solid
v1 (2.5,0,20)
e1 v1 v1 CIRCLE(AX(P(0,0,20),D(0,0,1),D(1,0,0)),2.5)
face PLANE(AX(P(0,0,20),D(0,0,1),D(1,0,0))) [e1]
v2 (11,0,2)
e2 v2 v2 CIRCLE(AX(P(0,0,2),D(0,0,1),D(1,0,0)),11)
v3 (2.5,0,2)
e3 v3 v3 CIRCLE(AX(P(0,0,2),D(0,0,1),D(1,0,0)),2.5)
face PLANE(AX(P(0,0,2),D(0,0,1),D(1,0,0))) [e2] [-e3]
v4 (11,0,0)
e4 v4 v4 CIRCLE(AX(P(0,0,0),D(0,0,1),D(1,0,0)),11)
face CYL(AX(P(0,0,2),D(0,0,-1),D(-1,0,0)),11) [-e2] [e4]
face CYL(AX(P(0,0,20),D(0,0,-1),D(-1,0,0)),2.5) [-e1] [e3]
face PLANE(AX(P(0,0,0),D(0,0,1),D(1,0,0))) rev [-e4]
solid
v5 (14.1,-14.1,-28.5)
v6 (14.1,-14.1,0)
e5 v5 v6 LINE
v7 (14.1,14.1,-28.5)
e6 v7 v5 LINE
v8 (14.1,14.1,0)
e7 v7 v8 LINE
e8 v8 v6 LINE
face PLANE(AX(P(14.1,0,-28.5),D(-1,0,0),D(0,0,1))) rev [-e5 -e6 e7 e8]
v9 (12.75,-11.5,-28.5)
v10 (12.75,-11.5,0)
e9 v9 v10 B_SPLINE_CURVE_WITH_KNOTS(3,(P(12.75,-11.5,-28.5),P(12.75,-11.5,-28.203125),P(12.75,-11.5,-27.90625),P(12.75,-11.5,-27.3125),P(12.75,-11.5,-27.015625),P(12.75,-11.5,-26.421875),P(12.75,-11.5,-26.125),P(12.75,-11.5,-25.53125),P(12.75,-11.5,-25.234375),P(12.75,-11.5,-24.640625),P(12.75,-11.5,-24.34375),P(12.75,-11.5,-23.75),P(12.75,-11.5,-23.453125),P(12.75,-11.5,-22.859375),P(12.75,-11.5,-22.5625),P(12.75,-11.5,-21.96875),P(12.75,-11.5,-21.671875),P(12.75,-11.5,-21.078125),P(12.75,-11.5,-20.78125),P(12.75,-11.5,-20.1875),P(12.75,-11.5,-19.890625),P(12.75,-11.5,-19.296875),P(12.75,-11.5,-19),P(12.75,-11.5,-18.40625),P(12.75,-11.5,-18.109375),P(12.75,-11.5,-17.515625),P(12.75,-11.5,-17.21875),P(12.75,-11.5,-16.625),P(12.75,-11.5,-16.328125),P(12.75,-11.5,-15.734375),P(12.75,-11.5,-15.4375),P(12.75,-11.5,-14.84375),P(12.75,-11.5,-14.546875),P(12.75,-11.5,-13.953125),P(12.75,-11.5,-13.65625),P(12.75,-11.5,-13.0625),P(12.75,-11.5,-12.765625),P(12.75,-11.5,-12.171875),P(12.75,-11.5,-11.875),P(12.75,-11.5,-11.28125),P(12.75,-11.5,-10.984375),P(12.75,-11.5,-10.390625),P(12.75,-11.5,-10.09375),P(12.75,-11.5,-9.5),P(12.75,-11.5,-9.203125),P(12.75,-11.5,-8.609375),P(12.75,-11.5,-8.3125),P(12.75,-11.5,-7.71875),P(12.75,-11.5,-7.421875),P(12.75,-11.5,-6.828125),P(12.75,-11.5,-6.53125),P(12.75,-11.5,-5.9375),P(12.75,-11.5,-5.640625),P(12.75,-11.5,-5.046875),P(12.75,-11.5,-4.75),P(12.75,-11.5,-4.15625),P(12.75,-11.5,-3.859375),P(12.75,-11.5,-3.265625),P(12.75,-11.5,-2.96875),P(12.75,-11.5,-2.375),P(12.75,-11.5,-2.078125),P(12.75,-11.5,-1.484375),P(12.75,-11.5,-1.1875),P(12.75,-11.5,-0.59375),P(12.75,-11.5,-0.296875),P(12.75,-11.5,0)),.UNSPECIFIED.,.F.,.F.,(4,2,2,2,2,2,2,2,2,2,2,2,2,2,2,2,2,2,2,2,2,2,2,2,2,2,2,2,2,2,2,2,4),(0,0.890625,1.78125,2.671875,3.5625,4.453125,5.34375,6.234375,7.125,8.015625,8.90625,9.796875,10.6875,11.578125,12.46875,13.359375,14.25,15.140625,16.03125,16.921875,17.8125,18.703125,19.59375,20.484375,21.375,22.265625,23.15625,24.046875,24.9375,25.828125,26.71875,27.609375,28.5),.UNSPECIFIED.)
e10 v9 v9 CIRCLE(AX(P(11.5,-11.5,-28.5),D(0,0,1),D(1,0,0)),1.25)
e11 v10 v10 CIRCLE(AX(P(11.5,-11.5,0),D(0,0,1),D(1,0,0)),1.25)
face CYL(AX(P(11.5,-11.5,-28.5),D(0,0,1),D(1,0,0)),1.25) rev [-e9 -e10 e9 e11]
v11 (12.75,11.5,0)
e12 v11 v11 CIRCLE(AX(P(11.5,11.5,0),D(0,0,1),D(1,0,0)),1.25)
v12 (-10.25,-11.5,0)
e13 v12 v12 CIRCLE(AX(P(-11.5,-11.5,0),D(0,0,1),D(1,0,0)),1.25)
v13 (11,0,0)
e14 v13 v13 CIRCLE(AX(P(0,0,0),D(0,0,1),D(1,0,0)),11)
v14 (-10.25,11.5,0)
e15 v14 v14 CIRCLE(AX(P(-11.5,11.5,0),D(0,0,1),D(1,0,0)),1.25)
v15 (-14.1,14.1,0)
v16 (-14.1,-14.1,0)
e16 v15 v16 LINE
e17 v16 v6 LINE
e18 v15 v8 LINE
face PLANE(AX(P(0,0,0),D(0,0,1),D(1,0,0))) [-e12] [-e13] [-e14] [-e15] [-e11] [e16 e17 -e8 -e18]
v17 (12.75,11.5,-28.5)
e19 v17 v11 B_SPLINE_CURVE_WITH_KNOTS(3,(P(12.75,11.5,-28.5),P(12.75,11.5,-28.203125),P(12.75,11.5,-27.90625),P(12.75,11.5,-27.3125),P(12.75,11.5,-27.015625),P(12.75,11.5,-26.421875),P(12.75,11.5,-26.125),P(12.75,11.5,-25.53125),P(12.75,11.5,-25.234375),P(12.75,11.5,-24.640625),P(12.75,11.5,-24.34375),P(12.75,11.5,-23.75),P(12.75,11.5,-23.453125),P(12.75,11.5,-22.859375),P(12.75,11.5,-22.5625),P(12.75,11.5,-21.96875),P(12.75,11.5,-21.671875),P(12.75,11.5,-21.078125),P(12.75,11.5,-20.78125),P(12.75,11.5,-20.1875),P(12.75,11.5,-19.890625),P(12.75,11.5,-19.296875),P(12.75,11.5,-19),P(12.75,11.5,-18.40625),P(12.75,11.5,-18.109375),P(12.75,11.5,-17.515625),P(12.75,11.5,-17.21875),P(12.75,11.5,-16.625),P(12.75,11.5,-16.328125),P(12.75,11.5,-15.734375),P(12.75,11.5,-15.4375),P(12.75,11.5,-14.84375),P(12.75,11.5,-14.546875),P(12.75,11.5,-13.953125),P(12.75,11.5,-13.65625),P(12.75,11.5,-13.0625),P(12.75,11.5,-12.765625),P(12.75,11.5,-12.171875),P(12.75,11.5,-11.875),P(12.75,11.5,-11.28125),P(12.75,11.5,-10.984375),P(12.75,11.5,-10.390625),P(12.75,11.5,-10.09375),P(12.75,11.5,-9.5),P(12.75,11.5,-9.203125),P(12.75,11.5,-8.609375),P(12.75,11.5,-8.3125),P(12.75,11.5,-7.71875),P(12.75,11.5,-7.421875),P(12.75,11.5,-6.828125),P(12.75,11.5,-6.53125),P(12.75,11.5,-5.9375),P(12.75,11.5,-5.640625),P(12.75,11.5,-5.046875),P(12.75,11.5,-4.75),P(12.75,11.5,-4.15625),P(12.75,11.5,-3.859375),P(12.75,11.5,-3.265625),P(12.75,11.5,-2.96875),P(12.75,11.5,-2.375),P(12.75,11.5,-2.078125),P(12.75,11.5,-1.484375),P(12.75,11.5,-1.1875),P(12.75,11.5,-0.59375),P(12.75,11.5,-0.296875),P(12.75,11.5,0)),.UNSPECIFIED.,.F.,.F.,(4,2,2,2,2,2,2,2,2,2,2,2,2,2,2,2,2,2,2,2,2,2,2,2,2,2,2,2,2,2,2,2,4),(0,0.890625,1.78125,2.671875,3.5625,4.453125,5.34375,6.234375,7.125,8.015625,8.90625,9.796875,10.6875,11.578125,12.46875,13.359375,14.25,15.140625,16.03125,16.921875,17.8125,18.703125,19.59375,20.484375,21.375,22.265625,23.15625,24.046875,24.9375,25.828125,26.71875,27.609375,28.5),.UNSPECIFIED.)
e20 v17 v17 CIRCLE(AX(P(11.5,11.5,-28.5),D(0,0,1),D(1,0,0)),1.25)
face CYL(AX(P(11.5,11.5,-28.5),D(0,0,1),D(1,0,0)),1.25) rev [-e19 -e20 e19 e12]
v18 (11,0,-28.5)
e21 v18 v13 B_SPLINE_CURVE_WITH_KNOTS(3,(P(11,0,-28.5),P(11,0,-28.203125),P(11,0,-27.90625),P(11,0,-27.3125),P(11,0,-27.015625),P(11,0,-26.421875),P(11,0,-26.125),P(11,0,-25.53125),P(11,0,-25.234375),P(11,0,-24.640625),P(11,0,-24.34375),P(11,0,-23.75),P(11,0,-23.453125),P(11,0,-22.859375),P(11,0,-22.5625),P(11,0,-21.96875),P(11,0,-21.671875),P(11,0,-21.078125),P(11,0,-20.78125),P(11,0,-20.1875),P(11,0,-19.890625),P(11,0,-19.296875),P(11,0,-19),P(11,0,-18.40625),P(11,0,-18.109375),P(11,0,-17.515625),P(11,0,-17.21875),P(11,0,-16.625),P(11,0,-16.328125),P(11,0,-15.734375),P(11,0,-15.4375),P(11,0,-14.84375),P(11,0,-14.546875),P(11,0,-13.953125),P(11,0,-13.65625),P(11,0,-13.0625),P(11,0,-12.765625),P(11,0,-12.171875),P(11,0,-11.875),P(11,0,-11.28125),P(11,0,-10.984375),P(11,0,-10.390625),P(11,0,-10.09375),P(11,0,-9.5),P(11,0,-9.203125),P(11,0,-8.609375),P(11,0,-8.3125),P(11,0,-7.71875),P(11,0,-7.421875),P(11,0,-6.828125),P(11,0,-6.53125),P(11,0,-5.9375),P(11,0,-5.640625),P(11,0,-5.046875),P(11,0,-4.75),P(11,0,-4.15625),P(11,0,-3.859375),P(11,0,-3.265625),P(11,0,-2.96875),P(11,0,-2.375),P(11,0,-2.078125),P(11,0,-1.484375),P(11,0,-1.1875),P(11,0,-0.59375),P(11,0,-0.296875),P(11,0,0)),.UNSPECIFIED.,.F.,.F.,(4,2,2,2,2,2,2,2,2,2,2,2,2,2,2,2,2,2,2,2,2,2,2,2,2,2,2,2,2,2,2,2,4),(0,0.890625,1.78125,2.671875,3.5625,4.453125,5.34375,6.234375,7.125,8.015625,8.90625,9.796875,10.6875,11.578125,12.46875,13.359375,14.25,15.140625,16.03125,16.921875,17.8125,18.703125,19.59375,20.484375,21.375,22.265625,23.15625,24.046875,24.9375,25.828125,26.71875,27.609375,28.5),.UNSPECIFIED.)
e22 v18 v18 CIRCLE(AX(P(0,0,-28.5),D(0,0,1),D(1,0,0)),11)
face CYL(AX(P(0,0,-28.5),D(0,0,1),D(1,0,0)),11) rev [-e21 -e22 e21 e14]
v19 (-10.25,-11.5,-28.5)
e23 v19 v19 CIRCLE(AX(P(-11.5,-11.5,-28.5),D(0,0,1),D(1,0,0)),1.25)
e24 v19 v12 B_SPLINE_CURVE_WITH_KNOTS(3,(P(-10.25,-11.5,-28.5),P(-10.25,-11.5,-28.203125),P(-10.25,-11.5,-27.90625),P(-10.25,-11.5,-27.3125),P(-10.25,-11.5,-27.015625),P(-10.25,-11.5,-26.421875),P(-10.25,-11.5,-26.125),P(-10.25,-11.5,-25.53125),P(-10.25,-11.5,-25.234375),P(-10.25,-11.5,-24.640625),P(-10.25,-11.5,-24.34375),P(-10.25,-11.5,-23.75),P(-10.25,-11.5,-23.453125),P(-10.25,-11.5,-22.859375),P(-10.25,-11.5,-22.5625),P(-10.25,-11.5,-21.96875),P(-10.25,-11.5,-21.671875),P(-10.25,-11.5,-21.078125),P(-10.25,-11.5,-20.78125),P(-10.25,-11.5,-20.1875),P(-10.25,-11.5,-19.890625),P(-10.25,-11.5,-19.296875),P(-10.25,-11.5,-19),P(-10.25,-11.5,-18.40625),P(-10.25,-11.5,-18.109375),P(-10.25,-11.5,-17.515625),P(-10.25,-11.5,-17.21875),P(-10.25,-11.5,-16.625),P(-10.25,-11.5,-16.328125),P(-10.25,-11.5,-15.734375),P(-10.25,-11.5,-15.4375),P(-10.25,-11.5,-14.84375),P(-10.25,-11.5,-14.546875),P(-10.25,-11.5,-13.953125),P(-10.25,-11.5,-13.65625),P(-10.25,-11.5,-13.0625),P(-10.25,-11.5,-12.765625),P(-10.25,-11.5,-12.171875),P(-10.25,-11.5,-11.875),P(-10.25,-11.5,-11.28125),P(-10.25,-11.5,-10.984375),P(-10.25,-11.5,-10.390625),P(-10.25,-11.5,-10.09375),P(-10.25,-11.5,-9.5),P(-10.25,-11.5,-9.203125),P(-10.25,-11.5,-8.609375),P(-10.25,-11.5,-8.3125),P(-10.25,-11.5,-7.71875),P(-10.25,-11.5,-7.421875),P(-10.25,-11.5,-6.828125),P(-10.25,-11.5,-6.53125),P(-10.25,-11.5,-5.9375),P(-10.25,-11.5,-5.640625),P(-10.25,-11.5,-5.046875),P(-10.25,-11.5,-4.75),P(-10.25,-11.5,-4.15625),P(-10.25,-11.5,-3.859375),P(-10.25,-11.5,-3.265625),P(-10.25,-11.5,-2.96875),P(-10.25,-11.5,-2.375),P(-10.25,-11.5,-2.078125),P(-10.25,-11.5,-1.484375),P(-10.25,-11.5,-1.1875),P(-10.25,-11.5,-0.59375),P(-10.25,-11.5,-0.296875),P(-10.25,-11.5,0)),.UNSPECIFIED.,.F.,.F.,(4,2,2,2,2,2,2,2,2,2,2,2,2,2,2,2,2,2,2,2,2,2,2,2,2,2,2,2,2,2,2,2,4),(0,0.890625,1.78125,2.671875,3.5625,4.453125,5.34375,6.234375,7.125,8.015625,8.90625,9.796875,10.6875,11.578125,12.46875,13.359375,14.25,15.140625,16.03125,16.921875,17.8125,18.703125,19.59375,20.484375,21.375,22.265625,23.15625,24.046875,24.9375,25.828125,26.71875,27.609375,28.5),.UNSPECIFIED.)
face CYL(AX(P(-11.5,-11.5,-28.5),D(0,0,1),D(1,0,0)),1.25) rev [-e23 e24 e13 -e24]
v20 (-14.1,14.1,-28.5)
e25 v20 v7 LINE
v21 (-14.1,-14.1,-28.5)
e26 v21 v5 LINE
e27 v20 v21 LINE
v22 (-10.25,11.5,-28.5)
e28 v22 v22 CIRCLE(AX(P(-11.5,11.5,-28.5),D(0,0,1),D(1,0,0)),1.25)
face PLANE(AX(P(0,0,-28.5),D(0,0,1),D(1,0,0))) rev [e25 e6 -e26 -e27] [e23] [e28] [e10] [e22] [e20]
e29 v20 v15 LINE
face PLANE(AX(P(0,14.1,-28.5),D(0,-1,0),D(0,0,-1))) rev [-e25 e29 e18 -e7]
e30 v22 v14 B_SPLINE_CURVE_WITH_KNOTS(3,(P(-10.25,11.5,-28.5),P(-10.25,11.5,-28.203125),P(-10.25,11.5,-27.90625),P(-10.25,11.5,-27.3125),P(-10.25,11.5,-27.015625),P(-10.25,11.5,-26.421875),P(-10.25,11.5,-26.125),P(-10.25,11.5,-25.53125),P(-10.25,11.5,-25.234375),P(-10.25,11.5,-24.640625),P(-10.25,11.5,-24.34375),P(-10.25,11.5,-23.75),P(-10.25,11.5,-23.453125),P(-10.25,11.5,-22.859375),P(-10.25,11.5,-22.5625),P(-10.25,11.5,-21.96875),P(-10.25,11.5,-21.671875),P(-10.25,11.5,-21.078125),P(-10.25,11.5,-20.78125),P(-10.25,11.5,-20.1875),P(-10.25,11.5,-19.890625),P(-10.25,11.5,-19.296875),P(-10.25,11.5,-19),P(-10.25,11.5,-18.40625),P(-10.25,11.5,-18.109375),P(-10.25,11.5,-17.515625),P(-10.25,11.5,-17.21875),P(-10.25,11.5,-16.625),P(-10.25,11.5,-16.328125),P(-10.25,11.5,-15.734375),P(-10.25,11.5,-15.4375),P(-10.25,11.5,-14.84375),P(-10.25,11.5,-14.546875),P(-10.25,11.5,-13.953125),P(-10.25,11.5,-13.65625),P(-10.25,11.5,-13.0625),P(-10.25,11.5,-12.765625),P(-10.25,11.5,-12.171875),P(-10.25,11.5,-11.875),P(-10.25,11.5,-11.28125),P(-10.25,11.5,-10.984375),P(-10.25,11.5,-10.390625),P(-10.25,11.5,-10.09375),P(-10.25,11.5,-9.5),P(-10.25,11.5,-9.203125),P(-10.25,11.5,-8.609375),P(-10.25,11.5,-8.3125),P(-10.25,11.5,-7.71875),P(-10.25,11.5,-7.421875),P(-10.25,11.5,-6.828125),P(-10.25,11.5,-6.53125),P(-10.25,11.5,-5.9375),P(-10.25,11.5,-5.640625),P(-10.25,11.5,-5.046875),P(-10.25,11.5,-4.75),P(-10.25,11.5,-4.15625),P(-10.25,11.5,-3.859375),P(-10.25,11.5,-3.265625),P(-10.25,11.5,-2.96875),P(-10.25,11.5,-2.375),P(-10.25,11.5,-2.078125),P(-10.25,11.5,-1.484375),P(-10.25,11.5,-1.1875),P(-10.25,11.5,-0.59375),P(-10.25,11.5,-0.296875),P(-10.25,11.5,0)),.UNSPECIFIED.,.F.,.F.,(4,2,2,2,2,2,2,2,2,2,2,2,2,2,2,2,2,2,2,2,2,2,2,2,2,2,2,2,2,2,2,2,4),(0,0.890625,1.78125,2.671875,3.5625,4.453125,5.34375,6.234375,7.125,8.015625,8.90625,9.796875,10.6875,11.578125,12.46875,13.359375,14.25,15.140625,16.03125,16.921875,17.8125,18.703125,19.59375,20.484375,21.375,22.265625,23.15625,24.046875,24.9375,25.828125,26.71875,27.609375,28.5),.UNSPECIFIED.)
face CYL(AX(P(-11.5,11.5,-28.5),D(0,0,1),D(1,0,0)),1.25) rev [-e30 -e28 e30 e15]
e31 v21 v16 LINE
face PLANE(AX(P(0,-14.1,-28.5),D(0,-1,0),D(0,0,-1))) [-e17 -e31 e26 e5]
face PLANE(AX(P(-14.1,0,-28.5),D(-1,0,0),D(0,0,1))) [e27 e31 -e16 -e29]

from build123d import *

# Parameters (mm, degrees)
SKETCH1_R           = 2.5
BOSS_EXTRUDE1_DEPTH = 20
SKETCH1_3_R         = 11
BOSS_EXTRUDE2_DEPTH = 2
SKETCH1_4_W         = 28.2
SKETCH1_4_H         = 28.2
SKETCH1_4_R         = 1.25
SKETCH1_4_R_2       = 11
BOSS_EXTRUDE3_DEPTH = 28.5


with BuildPart() as part:
    # Sketch1 → Boss-Extrude1 (new body)
    with BuildSketch(Plane.XY):
        Circle(SKETCH1_R)
    extrude(amount=BOSS_EXTRUDE1_DEPTH)

    # Sketch1<3> → Boss-Extrude2 (add)
    with BuildSketch(Plane.XY):
        Circle(SKETCH1_3_R)
    extrude(amount=BOSS_EXTRUDE2_DEPTH)


with BuildPart() as body_2:
    # Sketch1<4> → Boss-Extrude3 (new body)
    with BuildSketch(Plane.XY):
        Rectangle(SKETCH1_4_W, SKETCH1_4_H)
        with Locations((-11.5, -11.5)):
            Circle(SKETCH1_4_R, mode=Mode.SUBTRACT)
        with Locations((11.5, -11.5)):
            Circle(SKETCH1_4_R, mode=Mode.SUBTRACT)
        Circle(SKETCH1_4_R_2, mode=Mode.SUBTRACT)
        with Locations((-11.5, 11.5)):
            Circle(SKETCH1_4_R, mode=Mode.SUBTRACT)
        with Locations((11.5, 11.5)):
            Circle(SKETCH1_4_R, mode=Mode.SUBTRACT)
    extrude(amount=-BOSS_EXTRUDE3_DEPTH)


solid = Compound([part.part, body_2.part])
